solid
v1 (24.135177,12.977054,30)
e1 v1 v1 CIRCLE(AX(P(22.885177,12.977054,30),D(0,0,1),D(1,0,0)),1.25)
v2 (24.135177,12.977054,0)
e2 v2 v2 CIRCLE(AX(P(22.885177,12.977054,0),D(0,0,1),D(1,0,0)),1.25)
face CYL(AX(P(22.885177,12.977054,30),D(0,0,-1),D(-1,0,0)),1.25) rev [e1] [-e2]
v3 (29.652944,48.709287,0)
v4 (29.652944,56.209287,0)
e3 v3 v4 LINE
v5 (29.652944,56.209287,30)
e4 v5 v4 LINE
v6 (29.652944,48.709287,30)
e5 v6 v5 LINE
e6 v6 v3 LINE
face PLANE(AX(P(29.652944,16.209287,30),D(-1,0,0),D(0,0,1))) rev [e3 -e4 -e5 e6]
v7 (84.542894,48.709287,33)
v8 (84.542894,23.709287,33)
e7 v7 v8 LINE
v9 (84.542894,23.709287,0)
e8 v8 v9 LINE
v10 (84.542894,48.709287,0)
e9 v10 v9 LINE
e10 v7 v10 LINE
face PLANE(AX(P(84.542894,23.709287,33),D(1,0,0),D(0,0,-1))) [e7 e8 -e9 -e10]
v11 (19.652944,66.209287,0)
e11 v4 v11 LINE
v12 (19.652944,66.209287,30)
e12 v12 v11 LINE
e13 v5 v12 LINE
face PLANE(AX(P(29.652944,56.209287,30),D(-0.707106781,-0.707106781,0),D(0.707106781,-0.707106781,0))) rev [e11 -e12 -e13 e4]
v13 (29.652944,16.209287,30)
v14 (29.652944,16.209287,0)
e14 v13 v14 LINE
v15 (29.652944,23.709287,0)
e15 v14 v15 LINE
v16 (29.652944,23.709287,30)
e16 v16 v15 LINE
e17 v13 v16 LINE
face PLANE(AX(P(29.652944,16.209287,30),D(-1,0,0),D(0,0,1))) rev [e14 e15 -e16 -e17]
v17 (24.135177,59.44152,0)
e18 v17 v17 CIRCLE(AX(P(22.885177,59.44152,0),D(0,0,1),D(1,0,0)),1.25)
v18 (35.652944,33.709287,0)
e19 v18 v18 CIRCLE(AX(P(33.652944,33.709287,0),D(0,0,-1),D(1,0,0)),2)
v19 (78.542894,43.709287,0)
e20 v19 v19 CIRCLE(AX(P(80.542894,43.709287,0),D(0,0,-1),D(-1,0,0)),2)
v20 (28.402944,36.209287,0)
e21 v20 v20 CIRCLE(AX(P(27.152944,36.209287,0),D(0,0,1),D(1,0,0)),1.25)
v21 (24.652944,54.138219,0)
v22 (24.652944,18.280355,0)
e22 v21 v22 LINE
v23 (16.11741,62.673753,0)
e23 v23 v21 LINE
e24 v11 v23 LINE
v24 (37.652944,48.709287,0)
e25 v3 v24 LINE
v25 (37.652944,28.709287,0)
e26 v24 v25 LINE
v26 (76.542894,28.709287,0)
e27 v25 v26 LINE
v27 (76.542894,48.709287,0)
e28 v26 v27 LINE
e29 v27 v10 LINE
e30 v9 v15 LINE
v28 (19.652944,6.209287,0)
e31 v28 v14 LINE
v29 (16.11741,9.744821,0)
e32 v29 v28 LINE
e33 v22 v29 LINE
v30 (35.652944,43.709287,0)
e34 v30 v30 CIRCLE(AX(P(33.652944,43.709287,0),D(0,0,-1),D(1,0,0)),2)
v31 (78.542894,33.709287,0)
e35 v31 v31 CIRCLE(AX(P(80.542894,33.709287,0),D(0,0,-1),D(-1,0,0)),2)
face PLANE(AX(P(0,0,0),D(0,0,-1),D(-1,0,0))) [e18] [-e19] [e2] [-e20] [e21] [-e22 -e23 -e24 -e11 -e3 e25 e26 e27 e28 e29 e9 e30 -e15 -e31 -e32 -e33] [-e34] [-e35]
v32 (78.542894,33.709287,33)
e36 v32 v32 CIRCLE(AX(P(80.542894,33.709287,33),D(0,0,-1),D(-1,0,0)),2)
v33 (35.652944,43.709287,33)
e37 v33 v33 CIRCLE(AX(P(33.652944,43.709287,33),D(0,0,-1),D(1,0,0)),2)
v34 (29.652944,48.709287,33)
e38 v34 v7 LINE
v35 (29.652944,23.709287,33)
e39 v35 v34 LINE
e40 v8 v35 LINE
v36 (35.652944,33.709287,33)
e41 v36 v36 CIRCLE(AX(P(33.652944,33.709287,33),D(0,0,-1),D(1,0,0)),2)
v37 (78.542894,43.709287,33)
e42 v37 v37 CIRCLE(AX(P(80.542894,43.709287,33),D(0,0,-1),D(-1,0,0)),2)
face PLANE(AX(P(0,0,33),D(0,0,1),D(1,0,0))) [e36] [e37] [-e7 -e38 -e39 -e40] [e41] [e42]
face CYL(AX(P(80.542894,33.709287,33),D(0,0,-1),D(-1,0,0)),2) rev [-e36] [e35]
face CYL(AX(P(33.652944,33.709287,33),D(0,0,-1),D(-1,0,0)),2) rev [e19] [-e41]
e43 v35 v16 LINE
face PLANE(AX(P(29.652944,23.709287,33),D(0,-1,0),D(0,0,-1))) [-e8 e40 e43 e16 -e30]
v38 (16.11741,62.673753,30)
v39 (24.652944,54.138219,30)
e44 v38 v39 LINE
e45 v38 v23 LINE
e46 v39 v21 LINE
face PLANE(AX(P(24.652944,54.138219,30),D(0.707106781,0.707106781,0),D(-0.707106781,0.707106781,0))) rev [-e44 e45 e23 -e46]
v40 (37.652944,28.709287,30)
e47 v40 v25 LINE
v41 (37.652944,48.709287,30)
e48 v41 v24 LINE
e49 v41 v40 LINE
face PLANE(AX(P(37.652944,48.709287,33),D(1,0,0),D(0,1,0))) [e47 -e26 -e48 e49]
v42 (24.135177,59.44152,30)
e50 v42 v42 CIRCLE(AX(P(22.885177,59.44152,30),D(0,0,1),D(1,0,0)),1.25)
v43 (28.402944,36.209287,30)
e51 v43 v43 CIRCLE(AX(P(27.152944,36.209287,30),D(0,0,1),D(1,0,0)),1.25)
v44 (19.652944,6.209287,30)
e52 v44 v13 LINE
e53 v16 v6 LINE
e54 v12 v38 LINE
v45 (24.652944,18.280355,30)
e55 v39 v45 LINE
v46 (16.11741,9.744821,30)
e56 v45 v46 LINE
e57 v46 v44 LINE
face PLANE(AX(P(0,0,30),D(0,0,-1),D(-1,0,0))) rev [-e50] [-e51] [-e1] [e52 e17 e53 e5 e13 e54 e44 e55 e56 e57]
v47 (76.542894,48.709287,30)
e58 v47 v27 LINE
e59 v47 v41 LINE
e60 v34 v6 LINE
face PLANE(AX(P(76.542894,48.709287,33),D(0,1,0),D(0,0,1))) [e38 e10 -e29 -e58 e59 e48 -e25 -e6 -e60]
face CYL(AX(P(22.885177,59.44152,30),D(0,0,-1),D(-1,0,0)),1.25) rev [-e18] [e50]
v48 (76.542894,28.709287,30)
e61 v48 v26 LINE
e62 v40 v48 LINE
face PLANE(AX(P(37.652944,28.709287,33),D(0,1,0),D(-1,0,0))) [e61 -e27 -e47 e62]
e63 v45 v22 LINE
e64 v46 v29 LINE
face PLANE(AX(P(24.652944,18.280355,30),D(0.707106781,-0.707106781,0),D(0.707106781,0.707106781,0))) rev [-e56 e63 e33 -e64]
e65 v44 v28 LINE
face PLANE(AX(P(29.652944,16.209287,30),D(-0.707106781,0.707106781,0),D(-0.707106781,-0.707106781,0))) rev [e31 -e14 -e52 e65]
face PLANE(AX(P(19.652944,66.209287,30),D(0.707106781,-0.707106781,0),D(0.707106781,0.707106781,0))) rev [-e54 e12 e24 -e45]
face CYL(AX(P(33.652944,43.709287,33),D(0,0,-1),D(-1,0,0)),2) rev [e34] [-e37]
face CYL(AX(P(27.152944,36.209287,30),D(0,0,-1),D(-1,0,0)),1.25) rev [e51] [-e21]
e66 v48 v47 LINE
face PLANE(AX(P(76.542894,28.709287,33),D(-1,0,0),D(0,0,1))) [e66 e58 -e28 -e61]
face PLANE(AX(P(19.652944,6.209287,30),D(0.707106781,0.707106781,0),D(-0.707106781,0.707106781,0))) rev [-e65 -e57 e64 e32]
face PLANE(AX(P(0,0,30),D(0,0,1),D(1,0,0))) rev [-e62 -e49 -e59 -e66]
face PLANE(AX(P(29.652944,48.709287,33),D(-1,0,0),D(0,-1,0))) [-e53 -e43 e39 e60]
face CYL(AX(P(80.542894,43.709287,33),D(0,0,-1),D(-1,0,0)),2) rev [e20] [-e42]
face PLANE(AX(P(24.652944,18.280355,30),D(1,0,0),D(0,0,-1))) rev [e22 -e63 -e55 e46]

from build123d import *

# Parameters (mm, degrees)
MODEL_R             = 1.25
BOSS_EXTRUDE1_DEPTH = 30
SKETCH1_R           = 2
BOSS_EXTRUDE3_DEPTH = 33
SKETCH3_W           = 38.889950408
SKETCH3_H           = 20
BOSS_EXTRUDE6_DEPTH = 3


with BuildPart() as part:
    # Model → Boss-Extrude1 (new body)
    with BuildSketch(Plane.XY):
        Polygon((29.652943866, 16.209286981), (29.652943866, 56.209286981), (19.652943866, 66.209286981), (16.11740996, 62.673753075), (24.652943866, 54.138219169), (24.652943866, 18.280354793), (16.11740996, 9.744820887), (19.652943866, 6.209286981), align=None)
        with Locations((22.885176913, 12.977053934)):
            Circle(MODEL_R, mode=Mode.SUBTRACT)
        with Locations((27.152943866, 36.209286981)):
            Circle(MODEL_R, mode=Mode.SUBTRACT)
        with Locations((22.885176913, 59.441520028)):
            Circle(MODEL_R, mode=Mode.SUBTRACT)
    extrude(amount=BOSS_EXTRUDE1_DEPTH)

    # Sketch1 → Boss-Extrude3 (add)
    with BuildSketch(Plane(origin=(0, 0, 0), x_dir=(-1, 0, 0), z_dir=(0, 0, -1))):
        Polygon((-37.652943866, 28.709286981), (-76.542894274, 28.709286981), (-76.542894274, 48.709286981), (-84.542894274, 48.709286981), (-84.542894274, 23.709286981), (-76.542894274, 23.709286981), (-29.652943866, 23.709286981), (-29.652943866, 28.709286981), (-29.652943866, 48.709286981), (-37.652943866, 48.709286981), align=None)
        with Locations((-80.542894274, 33.709286981)):
            Circle(SKETCH1_R, mode=Mode.SUBTRACT)
        with Locations((-80.542894274, 43.709286981)):
            Circle(SKETCH1_R, mode=Mode.SUBTRACT)
        with Locations(Location((-33.652943866, 33.709286981, 0), (0, 0, 180))):
            Circle(SKETCH1_R, mode=Mode.SUBTRACT)
        with Locations(Location((-33.652943866, 43.709286981, 0), (0, 0, 180))):
            Circle(SKETCH1_R, mode=Mode.SUBTRACT)
    extrude(amount=-BOSS_EXTRUDE3_DEPTH)

    # Sketch3 → Boss-Extrude6 (add)
    with BuildSketch(Plane.XY.offset(33)):
        with Locations((57.09791907, 38.709286981)):
            Rectangle(SKETCH3_W, SKETCH3_H)
    extrude(amount=-BOSS_EXTRUDE6_DEPTH)


solid = part.part
